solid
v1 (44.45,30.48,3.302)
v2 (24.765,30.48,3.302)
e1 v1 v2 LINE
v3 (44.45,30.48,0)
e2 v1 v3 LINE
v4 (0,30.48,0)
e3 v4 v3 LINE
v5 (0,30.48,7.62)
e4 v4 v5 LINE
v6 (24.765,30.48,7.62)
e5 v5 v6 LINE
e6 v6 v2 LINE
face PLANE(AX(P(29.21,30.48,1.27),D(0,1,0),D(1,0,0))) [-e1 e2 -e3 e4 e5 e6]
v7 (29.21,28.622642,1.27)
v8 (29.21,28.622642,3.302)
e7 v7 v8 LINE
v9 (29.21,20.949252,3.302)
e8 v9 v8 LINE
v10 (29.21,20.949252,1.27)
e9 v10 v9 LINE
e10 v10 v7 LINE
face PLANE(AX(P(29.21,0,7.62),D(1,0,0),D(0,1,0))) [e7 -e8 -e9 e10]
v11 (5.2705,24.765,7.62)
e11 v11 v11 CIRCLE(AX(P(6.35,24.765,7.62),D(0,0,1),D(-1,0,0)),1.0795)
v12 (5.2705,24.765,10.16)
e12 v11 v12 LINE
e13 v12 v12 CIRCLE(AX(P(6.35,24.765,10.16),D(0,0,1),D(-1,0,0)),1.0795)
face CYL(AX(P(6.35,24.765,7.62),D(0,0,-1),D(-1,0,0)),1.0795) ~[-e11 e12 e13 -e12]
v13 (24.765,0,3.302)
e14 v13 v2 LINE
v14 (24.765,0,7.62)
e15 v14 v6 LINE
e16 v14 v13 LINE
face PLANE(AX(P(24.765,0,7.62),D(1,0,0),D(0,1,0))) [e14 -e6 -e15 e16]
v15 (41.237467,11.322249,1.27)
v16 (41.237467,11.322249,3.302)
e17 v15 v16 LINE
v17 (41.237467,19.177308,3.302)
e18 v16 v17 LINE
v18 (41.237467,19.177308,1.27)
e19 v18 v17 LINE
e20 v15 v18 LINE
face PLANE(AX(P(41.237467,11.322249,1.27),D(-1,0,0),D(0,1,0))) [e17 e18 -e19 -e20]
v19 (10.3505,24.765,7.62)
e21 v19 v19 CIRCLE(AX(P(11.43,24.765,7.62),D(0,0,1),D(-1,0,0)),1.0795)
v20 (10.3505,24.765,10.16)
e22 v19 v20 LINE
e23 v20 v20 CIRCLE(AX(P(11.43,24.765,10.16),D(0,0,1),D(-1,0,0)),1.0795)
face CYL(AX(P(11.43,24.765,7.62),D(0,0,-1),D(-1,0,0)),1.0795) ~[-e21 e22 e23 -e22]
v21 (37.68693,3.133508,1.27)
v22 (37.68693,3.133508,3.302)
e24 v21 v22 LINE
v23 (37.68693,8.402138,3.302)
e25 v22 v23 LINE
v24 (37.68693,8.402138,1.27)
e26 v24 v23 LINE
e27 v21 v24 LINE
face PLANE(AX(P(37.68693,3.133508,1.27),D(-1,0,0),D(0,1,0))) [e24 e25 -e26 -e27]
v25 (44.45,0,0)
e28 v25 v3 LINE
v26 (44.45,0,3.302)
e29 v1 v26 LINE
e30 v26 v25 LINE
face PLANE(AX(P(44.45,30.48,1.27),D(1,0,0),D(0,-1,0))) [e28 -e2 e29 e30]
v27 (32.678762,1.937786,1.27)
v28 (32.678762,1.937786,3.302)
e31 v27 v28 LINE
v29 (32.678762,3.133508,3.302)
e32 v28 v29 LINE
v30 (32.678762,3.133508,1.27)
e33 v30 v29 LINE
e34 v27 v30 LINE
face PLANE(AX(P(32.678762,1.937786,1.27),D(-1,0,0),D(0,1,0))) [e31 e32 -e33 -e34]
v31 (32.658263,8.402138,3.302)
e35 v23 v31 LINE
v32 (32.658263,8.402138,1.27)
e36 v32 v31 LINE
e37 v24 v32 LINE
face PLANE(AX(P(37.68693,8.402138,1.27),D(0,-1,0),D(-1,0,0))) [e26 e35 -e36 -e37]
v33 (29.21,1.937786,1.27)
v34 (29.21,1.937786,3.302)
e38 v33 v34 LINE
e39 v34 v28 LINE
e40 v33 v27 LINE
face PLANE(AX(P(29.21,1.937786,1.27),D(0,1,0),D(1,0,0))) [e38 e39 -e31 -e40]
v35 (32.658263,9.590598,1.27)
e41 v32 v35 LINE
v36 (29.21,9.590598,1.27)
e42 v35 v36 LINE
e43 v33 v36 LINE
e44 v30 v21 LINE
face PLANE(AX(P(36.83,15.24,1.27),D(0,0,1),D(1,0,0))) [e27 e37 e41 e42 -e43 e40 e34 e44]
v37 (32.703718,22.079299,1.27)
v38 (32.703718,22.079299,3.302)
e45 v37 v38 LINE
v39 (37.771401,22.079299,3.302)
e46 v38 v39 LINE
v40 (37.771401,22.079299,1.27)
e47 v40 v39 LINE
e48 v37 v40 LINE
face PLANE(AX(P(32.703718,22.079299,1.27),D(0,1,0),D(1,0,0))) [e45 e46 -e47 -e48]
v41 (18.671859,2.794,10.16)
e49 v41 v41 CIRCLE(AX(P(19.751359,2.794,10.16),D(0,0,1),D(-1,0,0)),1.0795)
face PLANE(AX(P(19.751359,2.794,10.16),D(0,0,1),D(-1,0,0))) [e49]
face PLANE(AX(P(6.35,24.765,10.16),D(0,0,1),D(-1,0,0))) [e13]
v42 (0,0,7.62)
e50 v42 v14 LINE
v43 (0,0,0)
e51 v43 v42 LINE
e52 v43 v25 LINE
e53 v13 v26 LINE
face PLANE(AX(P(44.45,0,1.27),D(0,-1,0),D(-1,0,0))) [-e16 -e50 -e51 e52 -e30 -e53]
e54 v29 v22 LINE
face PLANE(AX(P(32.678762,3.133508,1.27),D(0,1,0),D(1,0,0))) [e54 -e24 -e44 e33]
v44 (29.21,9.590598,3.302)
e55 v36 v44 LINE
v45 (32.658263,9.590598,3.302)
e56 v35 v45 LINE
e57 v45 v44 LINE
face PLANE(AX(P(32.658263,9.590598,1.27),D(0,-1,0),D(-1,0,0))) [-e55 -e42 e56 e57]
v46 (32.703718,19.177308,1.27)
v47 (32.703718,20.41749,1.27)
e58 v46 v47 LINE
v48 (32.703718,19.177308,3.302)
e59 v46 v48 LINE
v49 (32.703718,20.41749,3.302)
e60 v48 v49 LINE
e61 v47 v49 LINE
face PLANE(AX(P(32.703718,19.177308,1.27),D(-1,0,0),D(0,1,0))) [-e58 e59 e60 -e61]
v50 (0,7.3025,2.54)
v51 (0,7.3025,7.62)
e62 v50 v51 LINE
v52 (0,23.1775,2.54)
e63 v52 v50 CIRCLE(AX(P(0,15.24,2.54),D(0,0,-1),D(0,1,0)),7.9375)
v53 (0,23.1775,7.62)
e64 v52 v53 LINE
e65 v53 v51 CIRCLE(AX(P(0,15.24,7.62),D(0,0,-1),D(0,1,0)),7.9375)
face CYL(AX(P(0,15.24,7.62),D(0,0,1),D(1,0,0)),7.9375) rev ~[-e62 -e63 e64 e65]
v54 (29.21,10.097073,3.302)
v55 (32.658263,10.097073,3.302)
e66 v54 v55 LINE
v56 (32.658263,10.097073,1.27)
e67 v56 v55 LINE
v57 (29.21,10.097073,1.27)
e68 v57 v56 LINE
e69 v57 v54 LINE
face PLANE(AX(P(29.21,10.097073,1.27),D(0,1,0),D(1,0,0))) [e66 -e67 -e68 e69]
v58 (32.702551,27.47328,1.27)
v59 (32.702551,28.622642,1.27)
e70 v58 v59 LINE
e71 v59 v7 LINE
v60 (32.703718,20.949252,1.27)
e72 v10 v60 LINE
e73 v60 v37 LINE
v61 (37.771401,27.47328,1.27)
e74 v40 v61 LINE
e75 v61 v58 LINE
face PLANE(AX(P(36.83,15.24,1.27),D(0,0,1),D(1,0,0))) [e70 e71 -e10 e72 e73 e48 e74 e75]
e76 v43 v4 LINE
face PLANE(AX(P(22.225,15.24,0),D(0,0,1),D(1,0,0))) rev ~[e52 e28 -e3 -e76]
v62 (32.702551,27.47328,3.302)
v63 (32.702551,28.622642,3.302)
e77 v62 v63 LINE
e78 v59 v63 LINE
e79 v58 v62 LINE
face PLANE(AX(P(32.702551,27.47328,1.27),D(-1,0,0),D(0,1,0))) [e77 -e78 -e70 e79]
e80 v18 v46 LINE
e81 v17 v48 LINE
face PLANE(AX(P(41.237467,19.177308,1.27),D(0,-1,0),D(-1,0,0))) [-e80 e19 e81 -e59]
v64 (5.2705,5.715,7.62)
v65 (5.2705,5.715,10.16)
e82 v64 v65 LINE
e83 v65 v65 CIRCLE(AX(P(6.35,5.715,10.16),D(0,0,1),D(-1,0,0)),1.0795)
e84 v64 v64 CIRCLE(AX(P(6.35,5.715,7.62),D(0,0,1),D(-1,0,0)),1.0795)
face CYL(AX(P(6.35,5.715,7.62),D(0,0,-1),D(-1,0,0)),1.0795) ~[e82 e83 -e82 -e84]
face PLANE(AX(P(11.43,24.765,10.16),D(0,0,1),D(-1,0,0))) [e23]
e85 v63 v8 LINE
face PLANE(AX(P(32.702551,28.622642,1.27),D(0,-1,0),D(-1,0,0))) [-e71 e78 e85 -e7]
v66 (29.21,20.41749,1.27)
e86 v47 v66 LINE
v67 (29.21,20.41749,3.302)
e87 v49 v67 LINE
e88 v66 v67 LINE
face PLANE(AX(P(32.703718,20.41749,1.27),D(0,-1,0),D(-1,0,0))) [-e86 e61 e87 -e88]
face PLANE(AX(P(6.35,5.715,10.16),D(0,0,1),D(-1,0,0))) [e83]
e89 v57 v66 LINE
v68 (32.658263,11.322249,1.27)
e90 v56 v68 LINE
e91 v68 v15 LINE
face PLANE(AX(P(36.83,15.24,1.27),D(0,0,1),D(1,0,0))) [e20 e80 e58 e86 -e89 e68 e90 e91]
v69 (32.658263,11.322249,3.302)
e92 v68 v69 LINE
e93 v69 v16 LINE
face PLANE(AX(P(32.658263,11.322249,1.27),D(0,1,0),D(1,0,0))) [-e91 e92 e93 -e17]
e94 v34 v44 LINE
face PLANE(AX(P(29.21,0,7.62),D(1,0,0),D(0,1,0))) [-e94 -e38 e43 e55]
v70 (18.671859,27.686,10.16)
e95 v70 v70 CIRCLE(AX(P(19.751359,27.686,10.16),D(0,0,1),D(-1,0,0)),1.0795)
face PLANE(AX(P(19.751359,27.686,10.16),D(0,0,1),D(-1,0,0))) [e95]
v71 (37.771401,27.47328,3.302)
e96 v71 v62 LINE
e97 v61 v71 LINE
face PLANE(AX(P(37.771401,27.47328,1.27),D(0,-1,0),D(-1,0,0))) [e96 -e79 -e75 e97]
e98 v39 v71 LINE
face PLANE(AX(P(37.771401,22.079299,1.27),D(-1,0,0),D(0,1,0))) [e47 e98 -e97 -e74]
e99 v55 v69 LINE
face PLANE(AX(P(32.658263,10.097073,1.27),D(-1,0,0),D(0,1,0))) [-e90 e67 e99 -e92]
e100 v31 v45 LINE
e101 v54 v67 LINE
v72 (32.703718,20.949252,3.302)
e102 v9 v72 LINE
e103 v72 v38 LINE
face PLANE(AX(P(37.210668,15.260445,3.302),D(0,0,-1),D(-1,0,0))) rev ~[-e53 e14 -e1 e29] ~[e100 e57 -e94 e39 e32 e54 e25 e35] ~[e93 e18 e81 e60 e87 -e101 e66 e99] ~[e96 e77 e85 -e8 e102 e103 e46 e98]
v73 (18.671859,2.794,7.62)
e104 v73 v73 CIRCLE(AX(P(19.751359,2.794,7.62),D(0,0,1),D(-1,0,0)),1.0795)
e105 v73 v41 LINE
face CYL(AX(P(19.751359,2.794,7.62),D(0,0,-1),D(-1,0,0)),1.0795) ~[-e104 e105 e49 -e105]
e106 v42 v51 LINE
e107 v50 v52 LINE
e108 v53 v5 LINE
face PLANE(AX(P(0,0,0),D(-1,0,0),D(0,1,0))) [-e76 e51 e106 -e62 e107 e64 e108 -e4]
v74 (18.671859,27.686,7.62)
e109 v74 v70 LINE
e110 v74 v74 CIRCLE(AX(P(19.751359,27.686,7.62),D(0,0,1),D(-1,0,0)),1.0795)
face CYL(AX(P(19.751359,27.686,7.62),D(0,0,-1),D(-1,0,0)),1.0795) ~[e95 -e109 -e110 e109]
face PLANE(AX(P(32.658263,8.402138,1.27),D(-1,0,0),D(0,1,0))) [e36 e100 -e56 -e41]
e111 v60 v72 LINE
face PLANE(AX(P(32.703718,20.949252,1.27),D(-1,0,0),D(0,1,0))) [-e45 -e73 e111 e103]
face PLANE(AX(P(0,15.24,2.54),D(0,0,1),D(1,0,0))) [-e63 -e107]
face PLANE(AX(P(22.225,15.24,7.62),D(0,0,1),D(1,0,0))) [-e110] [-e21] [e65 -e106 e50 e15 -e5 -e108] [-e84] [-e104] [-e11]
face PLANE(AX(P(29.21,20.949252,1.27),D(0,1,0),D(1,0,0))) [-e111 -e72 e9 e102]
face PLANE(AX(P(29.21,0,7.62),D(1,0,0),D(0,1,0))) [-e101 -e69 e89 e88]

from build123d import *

# Parameters (mm, degrees)
SKETCH1_W           = 44.45
SKETCH1_H           = 30.48
BOSS_EXTRUDE1_DEPTH = 7.62
SKETCH2_R           = 1.0795
BOSS_EXTRUDE2_DEPTH = 2.54
SKETCH3_R           = 7.9375
CUT_EXTRUDE1_DEPTH  = 5.08
SKETCH4_W           = 15.24
SKETCH4_H           = 30.48
CUT_EXTRUDE2_DEPTH  = 6.35
SKETCH5_W           = 4.445
SKETCH5_H           = 30.48
CUT_EXTRUDE3_DEPTH  = 4.318
BOSS_EXTRUDE3_DEPTH = 2.032


with BuildPart() as part:
    # Sketch1 → Boss-Extrude1 (new body)
    with BuildSketch(Plane.XY):
        with Locations((22.225, 15.24)):
            Rectangle(SKETCH1_W, SKETCH1_H)
    extrude(amount=BOSS_EXTRUDE1_DEPTH)

    # Sketch2 → Boss-Extrude2 (add)
    with BuildSketch(Plane.XY.offset(7.62)):
        with Locations(Location((6.35, 24.765, 0), (0, 0, 180))):
            Circle(SKETCH2_R)
        with Locations(Location((6.35, 5.715, 0), (0, 0, 180))):
            Circle(SKETCH2_R)
        with Locations(Location((11.43, 24.765, 0), (0, 0, 180))):
            Circle(SKETCH2_R)
        with Locations(Location((19.7513587, 27.686, 0), (0, 0, 180))):
            Circle(SKETCH2_R)
        with Locations(Location((19.7513587, 2.794, 0), (0, 0, 180))):
            Circle(SKETCH2_R)
    extrude(amount=BOSS_EXTRUDE2_DEPTH)

    # Sketch3 → Cut-Extrude1 (cut)
    with BuildSketch(Plane.XY.offset(7.62)):
        with Locations((0, 15.24)):
            Circle(SKETCH3_R)
    extrude(amount=-CUT_EXTRUDE1_DEPTH, mode=Mode.SUBTRACT)

    # Sketch4 → Cut-Extrude2 (cut)
    with BuildSketch(Plane.XY.offset(7.62)):
        with Locations((36.83, 15.24)):
            Rectangle(SKETCH4_W, SKETCH4_H)
    extrude(amount=-CUT_EXTRUDE2_DEPTH, mode=Mode.SUBTRACT)

    # Sketch5 → Cut-Extrude3 (cut)
    with BuildSketch(Plane.XY.offset(7.62)):
        with Locations((26.9875, 15.24)):
            Rectangle(SKETCH5_W, SKETCH5_H)
    extrude(amount=-CUT_EXTRUDE3_DEPTH, mode=Mode.SUBTRACT)

    # Sketch6 → Boss-Extrude3 (add)
    with BuildSketch(Plane.XY.offset(1.27)):
        Polygon((29.21, 0), (29.21, 1.93778588), (32.678761959, 1.93778588), (32.678761959, 3.133507731), (37.686930292, 3.133507731), (37.686930292, 8.402137785), (32.658263267, 8.402137785), (32.658263267, 9.590598202), (29.21, 9.590598202), (29.21, 10.097072894), (32.658263267, 10.097072894), (32.658263267, 11.322249124), (41.237467305, 11.322249124), (41.237467305, 19.177308186), (32.703717585, 19.177308186), (32.703717585, 20.417489762), (29.21, 20.417489762), (29.21, 20.9492523), (32.703717585, 20.9492523), (32.703717585, 22.079298556), (37.771400605, 22.079298556), (37.771400605, 27.473279734), (32.702551474, 27.473279734), (32.702551474, 28.622642458), (29.21, 28.622642458), (29.21, 30.48), (44.45, 30.48), (44.45, 0), align=None)
    extrude(amount=BOSS_EXTRUDE3_DEPTH)


solid = part.part
